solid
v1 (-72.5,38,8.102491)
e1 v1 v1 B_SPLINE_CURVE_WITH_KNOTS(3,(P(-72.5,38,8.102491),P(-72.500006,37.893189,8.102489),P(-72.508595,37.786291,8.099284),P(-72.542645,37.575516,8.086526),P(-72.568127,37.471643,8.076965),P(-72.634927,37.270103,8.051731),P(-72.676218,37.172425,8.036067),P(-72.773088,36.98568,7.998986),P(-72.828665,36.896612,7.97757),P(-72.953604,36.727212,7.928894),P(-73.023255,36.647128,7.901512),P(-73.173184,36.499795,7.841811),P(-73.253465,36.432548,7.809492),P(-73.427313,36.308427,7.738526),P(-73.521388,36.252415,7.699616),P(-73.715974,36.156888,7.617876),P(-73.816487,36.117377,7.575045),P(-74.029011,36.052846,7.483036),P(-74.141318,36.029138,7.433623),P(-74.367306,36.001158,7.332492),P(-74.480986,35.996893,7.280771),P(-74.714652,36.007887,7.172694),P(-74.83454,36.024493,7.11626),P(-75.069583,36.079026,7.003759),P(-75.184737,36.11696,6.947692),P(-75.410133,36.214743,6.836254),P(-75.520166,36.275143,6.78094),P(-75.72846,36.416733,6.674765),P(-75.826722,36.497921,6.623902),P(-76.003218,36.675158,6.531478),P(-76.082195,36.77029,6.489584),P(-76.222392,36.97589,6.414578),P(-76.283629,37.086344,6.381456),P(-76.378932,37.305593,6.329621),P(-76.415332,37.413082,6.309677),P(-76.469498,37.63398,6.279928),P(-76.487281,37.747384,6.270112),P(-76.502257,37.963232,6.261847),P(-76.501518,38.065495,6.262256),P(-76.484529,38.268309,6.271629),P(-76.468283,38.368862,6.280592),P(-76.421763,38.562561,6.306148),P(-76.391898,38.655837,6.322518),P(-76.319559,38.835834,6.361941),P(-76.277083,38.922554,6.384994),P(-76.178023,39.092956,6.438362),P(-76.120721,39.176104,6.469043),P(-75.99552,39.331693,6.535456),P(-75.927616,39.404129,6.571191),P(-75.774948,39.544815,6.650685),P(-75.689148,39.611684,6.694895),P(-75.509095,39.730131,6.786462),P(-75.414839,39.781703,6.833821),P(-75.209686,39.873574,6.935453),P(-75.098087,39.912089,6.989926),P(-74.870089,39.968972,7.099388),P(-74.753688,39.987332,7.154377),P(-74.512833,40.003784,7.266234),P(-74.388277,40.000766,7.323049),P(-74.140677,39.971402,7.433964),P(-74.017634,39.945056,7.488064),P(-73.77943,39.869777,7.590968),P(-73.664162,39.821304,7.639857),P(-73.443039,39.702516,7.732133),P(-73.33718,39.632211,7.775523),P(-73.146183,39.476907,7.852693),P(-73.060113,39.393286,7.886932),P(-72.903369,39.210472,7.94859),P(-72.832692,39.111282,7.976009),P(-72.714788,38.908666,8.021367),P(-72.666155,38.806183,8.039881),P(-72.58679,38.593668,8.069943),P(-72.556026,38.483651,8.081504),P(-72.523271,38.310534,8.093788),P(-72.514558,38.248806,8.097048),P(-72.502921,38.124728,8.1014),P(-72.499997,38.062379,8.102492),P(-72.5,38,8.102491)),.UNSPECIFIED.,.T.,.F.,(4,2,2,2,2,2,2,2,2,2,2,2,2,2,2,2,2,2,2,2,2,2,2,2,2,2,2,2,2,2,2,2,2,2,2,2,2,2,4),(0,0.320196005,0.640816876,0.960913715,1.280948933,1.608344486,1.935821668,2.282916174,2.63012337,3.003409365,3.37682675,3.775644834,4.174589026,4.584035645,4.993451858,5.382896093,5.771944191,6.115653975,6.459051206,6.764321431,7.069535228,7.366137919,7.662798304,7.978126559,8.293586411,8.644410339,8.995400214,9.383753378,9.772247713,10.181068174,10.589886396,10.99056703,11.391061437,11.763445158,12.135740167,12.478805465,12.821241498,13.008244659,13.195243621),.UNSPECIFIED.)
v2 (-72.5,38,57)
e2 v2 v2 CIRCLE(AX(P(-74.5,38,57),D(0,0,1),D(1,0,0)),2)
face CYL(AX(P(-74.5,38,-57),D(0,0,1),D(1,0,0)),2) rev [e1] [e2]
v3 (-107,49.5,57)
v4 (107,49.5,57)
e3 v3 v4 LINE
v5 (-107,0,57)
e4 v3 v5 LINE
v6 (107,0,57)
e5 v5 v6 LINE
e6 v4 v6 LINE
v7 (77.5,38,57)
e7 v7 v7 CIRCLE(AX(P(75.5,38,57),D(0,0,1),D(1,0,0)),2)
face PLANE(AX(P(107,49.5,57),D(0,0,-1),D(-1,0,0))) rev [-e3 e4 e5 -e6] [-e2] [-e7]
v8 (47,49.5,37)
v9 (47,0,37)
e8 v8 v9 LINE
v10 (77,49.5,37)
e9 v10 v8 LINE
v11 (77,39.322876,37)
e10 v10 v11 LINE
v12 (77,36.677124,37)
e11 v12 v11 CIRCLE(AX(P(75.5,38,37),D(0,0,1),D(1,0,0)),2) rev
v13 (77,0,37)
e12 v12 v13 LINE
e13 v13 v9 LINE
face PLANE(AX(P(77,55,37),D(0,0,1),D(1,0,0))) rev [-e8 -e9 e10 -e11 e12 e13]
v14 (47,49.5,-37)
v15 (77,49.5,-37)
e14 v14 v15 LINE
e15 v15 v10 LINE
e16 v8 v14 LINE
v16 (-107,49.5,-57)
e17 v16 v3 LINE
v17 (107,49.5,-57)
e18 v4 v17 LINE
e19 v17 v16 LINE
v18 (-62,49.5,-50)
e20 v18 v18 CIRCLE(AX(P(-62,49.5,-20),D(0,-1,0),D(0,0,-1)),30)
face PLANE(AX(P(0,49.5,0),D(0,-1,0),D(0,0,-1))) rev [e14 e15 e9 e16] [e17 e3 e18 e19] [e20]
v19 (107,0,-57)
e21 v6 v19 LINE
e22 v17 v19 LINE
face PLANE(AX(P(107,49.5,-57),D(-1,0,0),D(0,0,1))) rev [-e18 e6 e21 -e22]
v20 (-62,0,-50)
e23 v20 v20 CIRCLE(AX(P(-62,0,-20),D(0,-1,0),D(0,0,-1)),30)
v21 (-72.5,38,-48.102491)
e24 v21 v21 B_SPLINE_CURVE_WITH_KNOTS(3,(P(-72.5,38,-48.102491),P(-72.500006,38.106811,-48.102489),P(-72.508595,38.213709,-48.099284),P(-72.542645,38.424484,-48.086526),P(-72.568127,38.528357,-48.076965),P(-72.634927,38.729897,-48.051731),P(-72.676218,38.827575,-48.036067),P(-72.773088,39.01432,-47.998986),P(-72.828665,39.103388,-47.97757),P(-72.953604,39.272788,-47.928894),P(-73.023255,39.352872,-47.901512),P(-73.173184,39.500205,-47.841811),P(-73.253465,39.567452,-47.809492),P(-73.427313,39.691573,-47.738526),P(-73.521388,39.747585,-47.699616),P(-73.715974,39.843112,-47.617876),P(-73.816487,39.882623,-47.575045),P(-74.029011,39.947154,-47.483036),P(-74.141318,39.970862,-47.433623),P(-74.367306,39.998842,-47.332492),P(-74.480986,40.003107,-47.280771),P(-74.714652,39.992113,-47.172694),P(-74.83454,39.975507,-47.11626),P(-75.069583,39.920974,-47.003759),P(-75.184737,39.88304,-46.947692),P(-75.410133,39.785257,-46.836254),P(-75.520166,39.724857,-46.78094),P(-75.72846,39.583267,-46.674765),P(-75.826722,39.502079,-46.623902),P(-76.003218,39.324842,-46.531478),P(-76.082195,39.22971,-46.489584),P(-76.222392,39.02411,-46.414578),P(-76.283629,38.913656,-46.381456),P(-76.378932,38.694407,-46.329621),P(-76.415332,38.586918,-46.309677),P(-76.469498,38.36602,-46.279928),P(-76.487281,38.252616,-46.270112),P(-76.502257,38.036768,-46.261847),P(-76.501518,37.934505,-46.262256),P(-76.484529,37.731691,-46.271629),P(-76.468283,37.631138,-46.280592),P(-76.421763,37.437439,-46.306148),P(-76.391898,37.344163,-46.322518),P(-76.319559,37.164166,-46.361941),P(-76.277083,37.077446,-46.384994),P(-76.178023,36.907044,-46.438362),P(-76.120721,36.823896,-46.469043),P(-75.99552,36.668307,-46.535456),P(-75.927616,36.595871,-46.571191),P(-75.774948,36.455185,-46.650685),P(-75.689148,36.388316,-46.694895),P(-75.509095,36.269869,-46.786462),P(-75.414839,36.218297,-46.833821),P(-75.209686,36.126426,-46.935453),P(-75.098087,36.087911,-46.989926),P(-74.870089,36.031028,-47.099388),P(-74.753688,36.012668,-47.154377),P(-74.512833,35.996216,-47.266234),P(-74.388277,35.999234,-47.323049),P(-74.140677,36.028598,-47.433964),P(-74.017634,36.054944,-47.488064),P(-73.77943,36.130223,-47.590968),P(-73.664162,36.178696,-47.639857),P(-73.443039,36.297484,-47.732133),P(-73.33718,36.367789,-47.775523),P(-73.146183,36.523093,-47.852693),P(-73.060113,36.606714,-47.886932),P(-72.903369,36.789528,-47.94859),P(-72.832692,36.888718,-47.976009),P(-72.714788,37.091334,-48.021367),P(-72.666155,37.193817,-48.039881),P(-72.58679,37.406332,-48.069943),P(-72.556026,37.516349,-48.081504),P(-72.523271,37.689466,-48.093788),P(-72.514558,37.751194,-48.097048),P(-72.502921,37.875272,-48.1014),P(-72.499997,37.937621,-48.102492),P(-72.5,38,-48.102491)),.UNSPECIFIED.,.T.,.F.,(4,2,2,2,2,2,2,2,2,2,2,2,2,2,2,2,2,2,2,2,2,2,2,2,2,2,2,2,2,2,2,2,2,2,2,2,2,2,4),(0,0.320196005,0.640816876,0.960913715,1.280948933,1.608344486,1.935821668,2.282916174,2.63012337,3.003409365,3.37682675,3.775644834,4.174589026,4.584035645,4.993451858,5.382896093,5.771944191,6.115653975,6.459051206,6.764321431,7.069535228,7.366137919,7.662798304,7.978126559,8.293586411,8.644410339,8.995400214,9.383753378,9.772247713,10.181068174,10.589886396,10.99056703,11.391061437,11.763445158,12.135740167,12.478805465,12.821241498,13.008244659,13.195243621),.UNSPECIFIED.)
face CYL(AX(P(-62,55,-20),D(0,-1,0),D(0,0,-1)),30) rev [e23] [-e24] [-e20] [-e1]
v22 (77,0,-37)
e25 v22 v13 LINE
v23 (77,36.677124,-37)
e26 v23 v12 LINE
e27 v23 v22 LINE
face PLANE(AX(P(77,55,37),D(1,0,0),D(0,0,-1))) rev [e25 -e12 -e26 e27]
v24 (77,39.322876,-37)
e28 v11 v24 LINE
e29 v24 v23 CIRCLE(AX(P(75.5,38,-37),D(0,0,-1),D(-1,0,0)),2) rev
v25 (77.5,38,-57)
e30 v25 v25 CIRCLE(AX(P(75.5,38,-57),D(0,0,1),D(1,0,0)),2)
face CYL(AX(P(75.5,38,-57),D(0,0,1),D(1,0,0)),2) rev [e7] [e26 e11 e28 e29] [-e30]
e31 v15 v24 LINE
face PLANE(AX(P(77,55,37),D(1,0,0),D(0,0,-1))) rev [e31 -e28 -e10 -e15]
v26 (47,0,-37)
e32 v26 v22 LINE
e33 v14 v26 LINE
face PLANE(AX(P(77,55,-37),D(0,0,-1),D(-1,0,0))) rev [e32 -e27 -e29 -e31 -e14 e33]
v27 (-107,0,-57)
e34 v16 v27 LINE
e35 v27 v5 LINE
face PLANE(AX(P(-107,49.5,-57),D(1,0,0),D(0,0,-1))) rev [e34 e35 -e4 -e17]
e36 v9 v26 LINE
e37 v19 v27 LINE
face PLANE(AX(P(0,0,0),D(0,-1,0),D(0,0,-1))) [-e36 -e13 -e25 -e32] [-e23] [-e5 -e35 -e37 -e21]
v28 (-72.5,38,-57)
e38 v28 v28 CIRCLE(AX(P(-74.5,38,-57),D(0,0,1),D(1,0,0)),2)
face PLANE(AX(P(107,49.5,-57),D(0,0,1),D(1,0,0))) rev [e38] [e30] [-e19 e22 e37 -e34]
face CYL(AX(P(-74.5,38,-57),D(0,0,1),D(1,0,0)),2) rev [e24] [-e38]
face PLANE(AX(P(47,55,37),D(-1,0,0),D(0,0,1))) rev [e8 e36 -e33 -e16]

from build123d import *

# Parameters (mm, degrees)
SKETCH1_W           = 214
SKETCH1_H           = 114
BOSS_EXTRUDE1_DEPTH = 49.5
SKETCH2_R           = 2
CUT_EXTRUDE1_DEPTH  = 115
SKETCH4_R           = 30
SKETCH4_W           = 30
SKETCH4_H           = 74
CUT_EXTRUDE2_DEPTH  = 55


with BuildPart() as part:
    # Sketch1 → Boss-Extrude1 (new body)
    with BuildSketch(Plane(origin=(0, 0, 0), x_dir=(1, 0, 0), z_dir=(0, 1, 0))):
        Rectangle(SKETCH1_W, SKETCH1_H)
    extrude(amount=BOSS_EXTRUDE1_DEPTH)

    # Sketch2 → Cut-Extrude1 (cut, through all)
    with BuildSketch(Plane.XY.offset(57)):
        with Locations((-74.5, 38)):
            Circle(SKETCH2_R)
        with Locations((75.5, 38)):
            Circle(SKETCH2_R)
    extrude(amount=-CUT_EXTRUDE1_DEPTH, mode=Mode.SUBTRACT)

    # Sketch4 → Cut-Extrude2 (cut)
    with BuildSketch(Plane.XZ):
        with Locations((-62, -20)):
            Circle(SKETCH4_R)
        with Locations((62, 0)):
            Rectangle(SKETCH4_W, SKETCH4_H)
    extrude(amount=-CUT_EXTRUDE2_DEPTH, mode=Mode.SUBTRACT)


solid = part.part
